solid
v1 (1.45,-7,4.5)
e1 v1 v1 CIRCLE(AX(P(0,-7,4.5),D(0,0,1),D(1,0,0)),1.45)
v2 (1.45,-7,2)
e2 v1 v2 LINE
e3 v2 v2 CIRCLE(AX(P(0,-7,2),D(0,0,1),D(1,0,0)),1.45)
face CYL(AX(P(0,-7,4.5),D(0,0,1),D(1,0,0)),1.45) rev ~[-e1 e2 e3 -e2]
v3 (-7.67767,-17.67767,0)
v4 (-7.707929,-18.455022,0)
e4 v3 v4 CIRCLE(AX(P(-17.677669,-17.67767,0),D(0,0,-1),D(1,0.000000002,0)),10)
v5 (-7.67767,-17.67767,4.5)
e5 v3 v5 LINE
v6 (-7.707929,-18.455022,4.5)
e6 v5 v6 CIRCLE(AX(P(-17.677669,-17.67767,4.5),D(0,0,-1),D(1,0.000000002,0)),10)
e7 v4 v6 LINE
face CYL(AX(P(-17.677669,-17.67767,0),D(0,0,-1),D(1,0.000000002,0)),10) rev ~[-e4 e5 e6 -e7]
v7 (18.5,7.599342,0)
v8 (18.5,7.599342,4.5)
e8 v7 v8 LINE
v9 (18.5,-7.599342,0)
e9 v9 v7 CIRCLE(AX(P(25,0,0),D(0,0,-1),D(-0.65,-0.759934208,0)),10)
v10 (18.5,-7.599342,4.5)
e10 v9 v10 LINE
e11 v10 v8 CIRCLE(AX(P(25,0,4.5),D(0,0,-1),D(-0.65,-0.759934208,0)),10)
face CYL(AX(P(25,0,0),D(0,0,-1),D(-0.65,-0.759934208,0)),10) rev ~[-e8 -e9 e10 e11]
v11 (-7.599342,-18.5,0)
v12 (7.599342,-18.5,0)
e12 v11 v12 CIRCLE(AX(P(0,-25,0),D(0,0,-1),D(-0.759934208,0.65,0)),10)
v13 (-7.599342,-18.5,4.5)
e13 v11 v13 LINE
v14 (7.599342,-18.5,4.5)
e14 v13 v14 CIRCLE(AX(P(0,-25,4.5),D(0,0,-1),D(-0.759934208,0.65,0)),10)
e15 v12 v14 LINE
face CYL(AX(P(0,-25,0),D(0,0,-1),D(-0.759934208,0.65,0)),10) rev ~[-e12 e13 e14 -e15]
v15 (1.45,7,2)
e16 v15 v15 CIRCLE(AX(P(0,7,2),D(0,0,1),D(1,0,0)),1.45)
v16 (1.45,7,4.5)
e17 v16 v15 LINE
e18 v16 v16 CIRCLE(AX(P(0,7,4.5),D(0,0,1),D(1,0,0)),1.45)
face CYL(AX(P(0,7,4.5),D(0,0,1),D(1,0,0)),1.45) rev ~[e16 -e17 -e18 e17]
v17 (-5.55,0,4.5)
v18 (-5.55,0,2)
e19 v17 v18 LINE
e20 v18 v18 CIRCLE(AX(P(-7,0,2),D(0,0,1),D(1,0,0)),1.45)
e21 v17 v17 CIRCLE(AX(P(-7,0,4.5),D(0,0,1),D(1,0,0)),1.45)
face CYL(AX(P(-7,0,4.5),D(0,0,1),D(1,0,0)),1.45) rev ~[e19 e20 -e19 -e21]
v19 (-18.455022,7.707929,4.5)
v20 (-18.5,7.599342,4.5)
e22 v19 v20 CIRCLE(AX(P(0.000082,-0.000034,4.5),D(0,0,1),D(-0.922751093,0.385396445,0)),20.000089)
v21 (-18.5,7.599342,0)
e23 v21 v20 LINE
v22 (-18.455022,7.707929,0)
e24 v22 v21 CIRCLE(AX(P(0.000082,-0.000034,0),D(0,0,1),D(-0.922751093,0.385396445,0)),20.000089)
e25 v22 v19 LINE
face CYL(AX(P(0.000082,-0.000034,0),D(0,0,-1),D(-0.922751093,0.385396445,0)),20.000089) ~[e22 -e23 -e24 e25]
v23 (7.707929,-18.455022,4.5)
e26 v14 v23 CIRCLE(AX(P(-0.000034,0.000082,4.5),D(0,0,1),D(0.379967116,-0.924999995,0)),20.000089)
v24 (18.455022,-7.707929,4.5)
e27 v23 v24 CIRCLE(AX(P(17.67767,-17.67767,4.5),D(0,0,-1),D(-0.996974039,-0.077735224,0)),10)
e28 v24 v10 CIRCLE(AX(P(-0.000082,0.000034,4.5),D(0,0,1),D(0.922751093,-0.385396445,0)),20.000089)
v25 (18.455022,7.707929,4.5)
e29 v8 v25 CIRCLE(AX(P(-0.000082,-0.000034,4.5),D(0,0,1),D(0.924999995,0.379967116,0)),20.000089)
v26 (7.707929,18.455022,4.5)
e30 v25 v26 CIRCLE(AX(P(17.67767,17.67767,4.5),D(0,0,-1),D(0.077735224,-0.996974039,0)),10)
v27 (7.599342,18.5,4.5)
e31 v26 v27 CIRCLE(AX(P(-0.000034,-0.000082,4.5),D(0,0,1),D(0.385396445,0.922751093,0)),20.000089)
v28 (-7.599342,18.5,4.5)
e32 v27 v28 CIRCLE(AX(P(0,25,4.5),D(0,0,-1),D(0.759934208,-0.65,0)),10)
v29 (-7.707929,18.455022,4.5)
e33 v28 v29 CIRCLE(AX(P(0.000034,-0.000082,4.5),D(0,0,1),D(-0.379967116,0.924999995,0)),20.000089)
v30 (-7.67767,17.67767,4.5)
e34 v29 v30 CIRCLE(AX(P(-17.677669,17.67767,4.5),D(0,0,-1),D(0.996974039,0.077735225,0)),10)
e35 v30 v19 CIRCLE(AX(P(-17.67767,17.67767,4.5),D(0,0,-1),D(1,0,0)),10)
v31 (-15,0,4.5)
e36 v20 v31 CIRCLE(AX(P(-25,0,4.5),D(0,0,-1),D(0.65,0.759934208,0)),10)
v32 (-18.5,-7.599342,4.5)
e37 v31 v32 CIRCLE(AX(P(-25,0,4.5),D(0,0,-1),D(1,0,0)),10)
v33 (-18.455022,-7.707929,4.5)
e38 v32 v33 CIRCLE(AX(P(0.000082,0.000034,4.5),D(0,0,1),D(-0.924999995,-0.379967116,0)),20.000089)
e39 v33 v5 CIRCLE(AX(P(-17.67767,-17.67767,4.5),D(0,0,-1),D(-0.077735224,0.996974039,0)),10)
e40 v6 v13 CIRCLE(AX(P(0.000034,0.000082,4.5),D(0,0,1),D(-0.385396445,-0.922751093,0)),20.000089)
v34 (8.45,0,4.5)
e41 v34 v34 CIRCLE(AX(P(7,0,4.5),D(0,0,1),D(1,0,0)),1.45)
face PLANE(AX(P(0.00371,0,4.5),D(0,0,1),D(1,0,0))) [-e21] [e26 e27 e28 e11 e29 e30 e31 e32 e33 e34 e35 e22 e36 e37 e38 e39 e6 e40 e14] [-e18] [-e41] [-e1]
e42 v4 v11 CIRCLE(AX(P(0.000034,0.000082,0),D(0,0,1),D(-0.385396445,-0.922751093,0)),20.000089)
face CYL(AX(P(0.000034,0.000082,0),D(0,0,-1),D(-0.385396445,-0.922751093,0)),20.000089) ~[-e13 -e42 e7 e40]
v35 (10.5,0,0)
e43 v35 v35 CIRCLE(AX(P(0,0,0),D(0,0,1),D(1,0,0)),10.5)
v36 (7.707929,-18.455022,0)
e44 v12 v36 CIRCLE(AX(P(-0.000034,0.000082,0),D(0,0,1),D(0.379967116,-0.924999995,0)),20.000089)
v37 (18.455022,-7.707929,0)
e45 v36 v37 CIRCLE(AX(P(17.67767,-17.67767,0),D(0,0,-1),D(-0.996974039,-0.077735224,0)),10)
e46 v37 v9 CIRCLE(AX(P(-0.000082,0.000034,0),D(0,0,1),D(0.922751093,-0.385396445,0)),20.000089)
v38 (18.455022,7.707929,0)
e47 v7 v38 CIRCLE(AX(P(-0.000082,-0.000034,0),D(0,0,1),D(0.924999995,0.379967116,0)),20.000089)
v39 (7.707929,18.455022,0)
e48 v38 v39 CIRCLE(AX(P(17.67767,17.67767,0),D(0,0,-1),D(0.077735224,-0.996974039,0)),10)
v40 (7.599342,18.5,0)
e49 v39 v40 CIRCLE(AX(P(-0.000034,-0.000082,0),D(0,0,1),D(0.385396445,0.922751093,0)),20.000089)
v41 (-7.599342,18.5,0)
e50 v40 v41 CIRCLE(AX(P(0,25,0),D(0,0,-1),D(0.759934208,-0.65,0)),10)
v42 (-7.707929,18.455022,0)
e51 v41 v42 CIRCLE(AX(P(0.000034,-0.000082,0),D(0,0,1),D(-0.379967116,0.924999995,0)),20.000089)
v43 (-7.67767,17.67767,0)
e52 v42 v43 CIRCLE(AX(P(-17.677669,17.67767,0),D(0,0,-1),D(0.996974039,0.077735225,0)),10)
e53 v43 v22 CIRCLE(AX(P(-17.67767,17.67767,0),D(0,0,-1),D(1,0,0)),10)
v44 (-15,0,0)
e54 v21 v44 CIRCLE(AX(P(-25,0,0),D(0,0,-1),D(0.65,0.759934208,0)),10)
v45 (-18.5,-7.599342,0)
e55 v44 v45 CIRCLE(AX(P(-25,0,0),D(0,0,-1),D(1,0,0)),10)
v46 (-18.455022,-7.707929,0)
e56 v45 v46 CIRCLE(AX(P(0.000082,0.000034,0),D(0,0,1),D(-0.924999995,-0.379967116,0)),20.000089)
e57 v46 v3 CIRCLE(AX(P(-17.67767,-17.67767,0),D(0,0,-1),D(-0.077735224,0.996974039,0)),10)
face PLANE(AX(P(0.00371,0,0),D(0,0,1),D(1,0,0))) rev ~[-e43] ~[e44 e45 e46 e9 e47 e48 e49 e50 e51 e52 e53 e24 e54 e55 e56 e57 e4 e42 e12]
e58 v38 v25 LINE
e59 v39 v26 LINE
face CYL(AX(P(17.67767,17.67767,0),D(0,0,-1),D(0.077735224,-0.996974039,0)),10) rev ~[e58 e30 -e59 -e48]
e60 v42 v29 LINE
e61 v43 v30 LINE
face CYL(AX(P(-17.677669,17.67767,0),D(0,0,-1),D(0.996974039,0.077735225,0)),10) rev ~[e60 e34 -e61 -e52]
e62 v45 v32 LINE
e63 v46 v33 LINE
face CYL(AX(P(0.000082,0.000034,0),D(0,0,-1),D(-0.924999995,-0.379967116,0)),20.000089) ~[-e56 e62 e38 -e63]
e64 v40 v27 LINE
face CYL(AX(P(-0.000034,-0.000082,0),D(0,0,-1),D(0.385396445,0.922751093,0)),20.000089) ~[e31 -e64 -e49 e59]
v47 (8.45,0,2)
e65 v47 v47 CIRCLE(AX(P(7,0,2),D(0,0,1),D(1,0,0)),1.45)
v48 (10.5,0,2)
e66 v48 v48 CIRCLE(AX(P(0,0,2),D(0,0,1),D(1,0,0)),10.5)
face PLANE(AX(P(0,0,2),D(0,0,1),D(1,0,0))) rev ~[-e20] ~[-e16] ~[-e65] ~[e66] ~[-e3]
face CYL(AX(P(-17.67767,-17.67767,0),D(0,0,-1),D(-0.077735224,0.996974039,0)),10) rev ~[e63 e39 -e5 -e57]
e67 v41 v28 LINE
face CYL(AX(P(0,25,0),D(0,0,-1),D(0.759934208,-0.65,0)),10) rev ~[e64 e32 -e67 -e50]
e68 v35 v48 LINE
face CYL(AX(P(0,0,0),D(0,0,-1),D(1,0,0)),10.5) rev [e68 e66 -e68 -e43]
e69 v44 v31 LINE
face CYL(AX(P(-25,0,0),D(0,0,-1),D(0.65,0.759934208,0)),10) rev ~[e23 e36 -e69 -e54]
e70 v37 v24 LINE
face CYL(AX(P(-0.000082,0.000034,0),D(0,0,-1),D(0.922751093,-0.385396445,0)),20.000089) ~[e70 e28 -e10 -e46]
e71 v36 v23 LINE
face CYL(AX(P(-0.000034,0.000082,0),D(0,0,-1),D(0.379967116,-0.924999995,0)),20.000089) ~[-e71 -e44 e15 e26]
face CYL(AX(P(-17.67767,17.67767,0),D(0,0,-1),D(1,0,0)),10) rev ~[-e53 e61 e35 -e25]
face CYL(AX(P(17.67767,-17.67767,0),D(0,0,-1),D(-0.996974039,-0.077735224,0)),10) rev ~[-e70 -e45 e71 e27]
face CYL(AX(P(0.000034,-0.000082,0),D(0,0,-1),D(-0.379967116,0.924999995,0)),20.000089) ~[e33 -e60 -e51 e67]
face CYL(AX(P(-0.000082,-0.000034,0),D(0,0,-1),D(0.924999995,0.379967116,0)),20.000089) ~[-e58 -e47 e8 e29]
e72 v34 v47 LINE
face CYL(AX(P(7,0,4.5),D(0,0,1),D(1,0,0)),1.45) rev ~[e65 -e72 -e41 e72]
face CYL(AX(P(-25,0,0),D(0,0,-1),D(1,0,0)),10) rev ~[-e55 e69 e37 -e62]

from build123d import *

# Parameters (mm, degrees)
BOSS_EXTRUDE1_DEPTH = 4.5
SKETCH3_R           = 10.5
CUT_EXTRUDE1_DEPTH  = 2
CUT_EXTRUDE2_REACH  = 6.5
SKETCH4_R           = 1.45


with BuildPart() as part:
    # Sketch2 → Boss-Extrude1 (new body)
    with BuildSketch(Plane.XY):
        with BuildLine():
            ThreePointArc((18.5, -7.599342077), (15, 0), (18.5, 7.599342077))
            ThreePointArc((18.5, 7.599342077), (18.47759065, 7.653668647), (18.455021767, 7.707929137))
            ThreePointArc((18.455021767, 7.707929137), (10.606601718, 10.606601718), (7.707929137, 18.455021767))
            ThreePointArc((7.707929137, 18.455021767), (7.653668647, 18.47759065), (7.599342077, 18.5))
            ThreePointArc((7.599342077, 18.5), (0, 15), (-7.599342077, 18.5))
            ThreePointArc((-7.599342077, 18.5), (-7.653668647, 18.47759065), (-7.707929137, 18.455021767))
            ThreePointArc((-7.707929137, 18.455021767), (-7.685237295, 18.066640012), (-7.67766953, 17.67766953))
            ThreePointArc((-7.67766953, 17.67766953), (-10.886996602, 10.33690927), (-18.455021767, 7.707929137))
            ThreePointArc((-18.455021767, 7.707929137), (-18.47759065, 7.653668647), (-18.5, 7.599342077))
            ThreePointArc((-18.5, 7.599342077), (-15.917048938, 4.183300133), (-15, 0))
            ThreePointArc((-15, 0), (-15.917048938, -4.183300133), (-18.5, -7.599342077))
            ThreePointArc((-18.5, -7.599342077), (-18.47759065, -7.653668647), (-18.455021767, -7.707929137))
            ThreePointArc((-18.455021767, -7.707929137), (-10.886996602, -10.33690927), (-7.67766953, -17.67766953))
            ThreePointArc((-7.67766953, -17.67766953), (-7.685237295, -18.066640012), (-7.707929137, -18.455021767))
            ThreePointArc((-7.707929137, -18.455021767), (-7.653668647, -18.47759065), (-7.599342077, -18.5))
            ThreePointArc((-7.599342077, -18.5), (0, -15), (7.599342077, -18.5))
            ThreePointArc((7.599342077, -18.5), (7.653668647, -18.47759065), (7.707929137, -18.455021767))
            ThreePointArc((7.707929137, -18.455021767), (10.606601718, -10.606601718), (18.455021767, -7.707929137))
            ThreePointArc((18.455021767, -7.707929137), (18.47759065, -7.653668647), (18.5, -7.599342077))
        make_face()
    extrude(amount=BOSS_EXTRUDE1_DEPTH)

    # Sketch3 → Cut-Extrude1 (cut)
    with BuildSketch(Plane.XY):
        Circle(SKETCH3_R)
    extrude(amount=CUT_EXTRUDE1_DEPTH, mode=Mode.SUBTRACT)

    # Sketch4 → Cut-Extrude2 (cut, up to next)
    with BuildSketch(Plane.XY.offset(4.5), mode=Mode.PRIVATE) as cut_extrude2_sk1:
        with Locations((0, 7)):
            Circle(SKETCH4_R)
    cut_extrude2_tool1 = extrude(cut_extrude2_sk1.sketch, amount=-CUT_EXTRUDE2_REACH, mode=Mode.PRIVATE) & part.part
    add(cut_extrude2_tool1.solids().sort_by_distance((0, 7, 4.5))[0], mode=Mode.SUBTRACT)
    # Sketch4 → Cut-Extrude2 (cut, up to next)
    with BuildSketch(Plane.XY.offset(4.5), mode=Mode.PRIVATE) as cut_extrude2_sk2:
        with Locations((7, 0)):
            Circle(SKETCH4_R)
    cut_extrude2_tool2 = extrude(cut_extrude2_sk2.sketch, amount=-CUT_EXTRUDE2_REACH, mode=Mode.PRIVATE) & part.part
    add(cut_extrude2_tool2.solids().sort_by_distance((7, 0, 4.5))[0], mode=Mode.SUBTRACT)
    # Sketch4 → Cut-Extrude2 (cut, up to next)
    with BuildSketch(Plane.XY.offset(4.5), mode=Mode.PRIVATE) as cut_extrude2_sk3:
        with Locations((0, -7)):
            Circle(SKETCH4_R)
    cut_extrude2_tool3 = extrude(cut_extrude2_sk3.sketch, amount=-CUT_EXTRUDE2_REACH, mode=Mode.PRIVATE) & part.part
    add(cut_extrude2_tool3.solids().sort_by_distance((0, -7, 4.5))[0], mode=Mode.SUBTRACT)
    # Sketch4 → Cut-Extrude2 (cut, up to next)
    with BuildSketch(Plane.XY.offset(4.5), mode=Mode.PRIVATE) as cut_extrude2_sk4:
        with Locations((-7, 0)):
            Circle(SKETCH4_R)
    cut_extrude2_tool4 = extrude(cut_extrude2_sk4.sketch, amount=-CUT_EXTRUDE2_REACH, mode=Mode.PRIVATE) & part.part
    add(cut_extrude2_tool4.solids().sort_by_distance((-7, 0, 4.5))[0], mode=Mode.SUBTRACT)


solid = part.part
